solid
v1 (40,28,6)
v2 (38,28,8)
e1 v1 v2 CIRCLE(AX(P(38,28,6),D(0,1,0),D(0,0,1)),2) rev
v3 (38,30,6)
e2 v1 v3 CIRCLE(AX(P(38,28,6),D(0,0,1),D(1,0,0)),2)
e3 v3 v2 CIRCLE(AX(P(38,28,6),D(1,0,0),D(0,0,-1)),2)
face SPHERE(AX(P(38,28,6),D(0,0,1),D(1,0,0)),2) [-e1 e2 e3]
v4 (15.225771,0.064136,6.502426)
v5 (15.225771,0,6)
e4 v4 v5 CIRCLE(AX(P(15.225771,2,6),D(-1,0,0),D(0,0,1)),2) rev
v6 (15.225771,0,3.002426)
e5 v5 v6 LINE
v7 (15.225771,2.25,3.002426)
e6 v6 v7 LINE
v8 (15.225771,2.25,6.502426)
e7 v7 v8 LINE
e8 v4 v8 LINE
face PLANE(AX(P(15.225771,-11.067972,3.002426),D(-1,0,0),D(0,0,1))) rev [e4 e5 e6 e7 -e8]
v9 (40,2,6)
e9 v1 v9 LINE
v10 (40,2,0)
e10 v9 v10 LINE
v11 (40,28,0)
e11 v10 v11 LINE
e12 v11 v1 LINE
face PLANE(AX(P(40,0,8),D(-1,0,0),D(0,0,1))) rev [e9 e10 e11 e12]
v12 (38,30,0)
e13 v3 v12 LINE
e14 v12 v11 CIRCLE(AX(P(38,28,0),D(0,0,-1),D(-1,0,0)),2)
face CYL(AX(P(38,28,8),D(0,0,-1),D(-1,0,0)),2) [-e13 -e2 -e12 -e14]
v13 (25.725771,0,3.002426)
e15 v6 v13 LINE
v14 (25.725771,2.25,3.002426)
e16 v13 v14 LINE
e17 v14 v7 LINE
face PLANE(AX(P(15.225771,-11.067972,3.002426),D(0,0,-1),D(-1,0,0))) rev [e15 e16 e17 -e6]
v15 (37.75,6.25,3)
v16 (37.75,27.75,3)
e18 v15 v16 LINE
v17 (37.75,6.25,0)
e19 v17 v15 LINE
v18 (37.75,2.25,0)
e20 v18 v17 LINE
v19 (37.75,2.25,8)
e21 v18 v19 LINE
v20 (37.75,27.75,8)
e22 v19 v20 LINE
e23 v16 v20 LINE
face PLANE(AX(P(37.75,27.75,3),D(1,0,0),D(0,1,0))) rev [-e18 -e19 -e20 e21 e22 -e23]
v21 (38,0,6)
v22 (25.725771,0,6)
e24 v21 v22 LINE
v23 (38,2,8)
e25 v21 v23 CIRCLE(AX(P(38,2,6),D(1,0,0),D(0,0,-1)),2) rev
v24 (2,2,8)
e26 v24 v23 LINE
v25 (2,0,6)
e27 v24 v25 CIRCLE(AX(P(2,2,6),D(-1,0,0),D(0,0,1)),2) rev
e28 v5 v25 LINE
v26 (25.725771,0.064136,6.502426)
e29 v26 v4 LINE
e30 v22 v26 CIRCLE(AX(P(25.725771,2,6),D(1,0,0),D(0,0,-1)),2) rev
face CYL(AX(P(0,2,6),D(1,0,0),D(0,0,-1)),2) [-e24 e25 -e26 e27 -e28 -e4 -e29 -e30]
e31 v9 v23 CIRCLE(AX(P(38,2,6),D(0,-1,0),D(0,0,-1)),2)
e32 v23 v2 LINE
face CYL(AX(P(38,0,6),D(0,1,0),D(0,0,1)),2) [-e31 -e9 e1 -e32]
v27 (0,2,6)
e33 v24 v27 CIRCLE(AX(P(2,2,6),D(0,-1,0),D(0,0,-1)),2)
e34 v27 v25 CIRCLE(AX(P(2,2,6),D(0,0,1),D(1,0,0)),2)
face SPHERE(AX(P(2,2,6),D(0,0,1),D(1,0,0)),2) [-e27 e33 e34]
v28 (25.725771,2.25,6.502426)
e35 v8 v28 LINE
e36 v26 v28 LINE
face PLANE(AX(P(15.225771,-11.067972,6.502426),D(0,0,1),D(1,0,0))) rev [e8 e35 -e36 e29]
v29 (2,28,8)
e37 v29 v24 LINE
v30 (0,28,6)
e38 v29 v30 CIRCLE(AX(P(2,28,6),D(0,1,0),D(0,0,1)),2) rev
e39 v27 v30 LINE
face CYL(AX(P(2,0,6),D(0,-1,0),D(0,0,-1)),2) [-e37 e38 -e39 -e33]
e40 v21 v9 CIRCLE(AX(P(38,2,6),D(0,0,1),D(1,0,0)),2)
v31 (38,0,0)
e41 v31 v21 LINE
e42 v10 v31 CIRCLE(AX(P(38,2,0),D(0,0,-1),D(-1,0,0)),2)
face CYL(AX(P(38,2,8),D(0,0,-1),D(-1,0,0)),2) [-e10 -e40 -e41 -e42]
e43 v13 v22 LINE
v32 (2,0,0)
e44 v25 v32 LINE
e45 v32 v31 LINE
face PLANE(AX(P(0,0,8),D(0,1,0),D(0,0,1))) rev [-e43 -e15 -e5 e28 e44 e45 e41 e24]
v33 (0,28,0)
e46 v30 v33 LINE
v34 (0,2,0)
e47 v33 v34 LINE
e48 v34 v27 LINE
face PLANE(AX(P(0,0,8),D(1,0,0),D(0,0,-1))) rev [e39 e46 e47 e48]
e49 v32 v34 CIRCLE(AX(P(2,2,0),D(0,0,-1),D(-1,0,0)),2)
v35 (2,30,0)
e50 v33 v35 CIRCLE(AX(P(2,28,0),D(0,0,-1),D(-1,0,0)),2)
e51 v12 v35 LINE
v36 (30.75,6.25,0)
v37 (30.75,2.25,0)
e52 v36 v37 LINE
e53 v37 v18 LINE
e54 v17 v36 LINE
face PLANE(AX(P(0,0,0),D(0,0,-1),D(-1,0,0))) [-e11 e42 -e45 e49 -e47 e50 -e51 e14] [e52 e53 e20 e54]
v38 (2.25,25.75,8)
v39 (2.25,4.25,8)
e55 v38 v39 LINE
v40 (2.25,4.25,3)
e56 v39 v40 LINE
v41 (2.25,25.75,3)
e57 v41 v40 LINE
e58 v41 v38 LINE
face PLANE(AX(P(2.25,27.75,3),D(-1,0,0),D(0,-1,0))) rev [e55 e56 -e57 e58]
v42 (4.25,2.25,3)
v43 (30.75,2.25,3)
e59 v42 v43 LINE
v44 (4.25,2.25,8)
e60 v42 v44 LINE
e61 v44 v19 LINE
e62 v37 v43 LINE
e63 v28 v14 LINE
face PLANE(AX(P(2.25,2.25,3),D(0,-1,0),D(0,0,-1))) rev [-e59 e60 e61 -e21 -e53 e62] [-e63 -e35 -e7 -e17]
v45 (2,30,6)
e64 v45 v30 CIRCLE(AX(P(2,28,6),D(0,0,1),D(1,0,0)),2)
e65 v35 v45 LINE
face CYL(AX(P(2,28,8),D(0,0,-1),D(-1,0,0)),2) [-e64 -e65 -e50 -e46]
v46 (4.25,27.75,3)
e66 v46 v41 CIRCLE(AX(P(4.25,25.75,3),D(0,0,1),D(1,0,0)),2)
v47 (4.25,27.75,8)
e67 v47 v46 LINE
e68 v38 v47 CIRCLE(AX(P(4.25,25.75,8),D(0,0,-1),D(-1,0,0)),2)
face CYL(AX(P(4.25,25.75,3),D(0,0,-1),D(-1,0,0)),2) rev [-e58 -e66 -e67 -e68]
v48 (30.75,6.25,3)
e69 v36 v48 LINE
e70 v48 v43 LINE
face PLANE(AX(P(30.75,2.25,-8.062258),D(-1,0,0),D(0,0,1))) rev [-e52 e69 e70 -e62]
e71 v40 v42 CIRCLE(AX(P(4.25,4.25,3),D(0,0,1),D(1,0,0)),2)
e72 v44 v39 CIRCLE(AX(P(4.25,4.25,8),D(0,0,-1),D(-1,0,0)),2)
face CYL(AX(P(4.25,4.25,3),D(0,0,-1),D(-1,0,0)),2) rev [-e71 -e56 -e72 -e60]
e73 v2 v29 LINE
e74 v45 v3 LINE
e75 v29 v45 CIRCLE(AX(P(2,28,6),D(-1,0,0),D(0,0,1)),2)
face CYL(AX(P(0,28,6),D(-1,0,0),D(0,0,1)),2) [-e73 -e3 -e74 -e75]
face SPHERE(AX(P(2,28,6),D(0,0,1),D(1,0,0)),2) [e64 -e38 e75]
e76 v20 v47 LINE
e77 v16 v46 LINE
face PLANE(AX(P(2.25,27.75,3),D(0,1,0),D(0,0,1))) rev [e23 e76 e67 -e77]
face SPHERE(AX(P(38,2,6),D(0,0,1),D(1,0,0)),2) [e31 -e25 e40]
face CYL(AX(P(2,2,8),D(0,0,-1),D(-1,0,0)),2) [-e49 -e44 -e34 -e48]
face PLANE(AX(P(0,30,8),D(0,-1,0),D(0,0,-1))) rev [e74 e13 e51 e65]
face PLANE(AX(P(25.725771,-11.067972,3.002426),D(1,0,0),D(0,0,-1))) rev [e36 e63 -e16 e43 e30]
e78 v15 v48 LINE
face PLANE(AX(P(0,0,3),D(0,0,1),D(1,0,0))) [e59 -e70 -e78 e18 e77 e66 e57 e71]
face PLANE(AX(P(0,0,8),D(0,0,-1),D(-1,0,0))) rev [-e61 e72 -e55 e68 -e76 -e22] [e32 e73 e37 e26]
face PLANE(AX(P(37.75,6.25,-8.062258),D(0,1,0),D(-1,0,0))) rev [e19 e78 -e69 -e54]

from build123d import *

# Parameters (mm, degrees)
SKETCH1_W           = 40
SKETCH1_H           = 30
BOSS_EXTRUDE1_DEPTH = 8
SKETCH2_W           = 35.5
SKETCH2_H           = 25.5
CUT_EXTRUDE1_DEPTH  = 5
FILLET1_R           = 2
FILLET2_R           = 2
SKETCH3_W           = 7
SKETCH3_H           = 4
CUT_EXTRUDE2_DEPTH  = 3
SKETCH6_W           = 10.5
SKETCH6_H           = 3.5
CUT_EXTRUDE3_DEPTH  = 2.25


with BuildPart() as part:
    # Sketch1 → Boss-Extrude1 (new body)
    with BuildSketch(Plane.XY):
        with Locations((20, 15)):
            Rectangle(SKETCH1_W, SKETCH1_H)
    extrude(amount=BOSS_EXTRUDE1_DEPTH)

    # Sketch2 → Cut-Extrude1 (cut)
    with BuildSketch(Plane.XY.offset(8)):
        with Locations((20, 15)):
            Rectangle(SKETCH2_W, SKETCH2_H)
    extrude(amount=-CUT_EXTRUDE1_DEPTH, mode=Mode.SUBTRACT)

    # Fillet1
    fillet1_edges = [part.edges().sort_by_distance(p)[0] for p in [
        (2.25, 2.25, 5.5),
        (2.25, 27.75, 5.5),
    ]]
    fillet(fillet1_edges, radius=FILLET1_R)

    # Fillet2
    fillet2_edges = [part.edges().sort_by_distance(p)[0] for p in [
        (40, 15, 8),
        (20, 30, 8),
        (0, 15, 8),
        (20, 0, 8),
        (0, 30, 4),
        (40, 30, 4),
        (40, 0, 4),
        (0, 0, 4),
    ]]
    fillet(fillet2_edges, radius=FILLET2_R)

    # Sketch3 → Cut-Extrude2 (cut)
    with BuildSketch(Plane.XY.offset(3)):
        with Locations((34.25, 4.25)):
            Rectangle(SKETCH3_W, SKETCH3_H)
    extrude(amount=-CUT_EXTRUDE2_DEPTH, mode=Mode.SUBTRACT)

    # Sketch6 → Cut-Extrude3 (cut)
    with BuildSketch(Plane(origin=(0, 2.25, 0), x_dir=(1, 0, 0), z_dir=(0, 1, 0))):
        with Locations((20.475771031, -4.752425865)):
            Rectangle(SKETCH6_W, SKETCH6_H)
    extrude(amount=-CUT_EXTRUDE3_DEPTH, mode=Mode.SUBTRACT)


solid = part.part
